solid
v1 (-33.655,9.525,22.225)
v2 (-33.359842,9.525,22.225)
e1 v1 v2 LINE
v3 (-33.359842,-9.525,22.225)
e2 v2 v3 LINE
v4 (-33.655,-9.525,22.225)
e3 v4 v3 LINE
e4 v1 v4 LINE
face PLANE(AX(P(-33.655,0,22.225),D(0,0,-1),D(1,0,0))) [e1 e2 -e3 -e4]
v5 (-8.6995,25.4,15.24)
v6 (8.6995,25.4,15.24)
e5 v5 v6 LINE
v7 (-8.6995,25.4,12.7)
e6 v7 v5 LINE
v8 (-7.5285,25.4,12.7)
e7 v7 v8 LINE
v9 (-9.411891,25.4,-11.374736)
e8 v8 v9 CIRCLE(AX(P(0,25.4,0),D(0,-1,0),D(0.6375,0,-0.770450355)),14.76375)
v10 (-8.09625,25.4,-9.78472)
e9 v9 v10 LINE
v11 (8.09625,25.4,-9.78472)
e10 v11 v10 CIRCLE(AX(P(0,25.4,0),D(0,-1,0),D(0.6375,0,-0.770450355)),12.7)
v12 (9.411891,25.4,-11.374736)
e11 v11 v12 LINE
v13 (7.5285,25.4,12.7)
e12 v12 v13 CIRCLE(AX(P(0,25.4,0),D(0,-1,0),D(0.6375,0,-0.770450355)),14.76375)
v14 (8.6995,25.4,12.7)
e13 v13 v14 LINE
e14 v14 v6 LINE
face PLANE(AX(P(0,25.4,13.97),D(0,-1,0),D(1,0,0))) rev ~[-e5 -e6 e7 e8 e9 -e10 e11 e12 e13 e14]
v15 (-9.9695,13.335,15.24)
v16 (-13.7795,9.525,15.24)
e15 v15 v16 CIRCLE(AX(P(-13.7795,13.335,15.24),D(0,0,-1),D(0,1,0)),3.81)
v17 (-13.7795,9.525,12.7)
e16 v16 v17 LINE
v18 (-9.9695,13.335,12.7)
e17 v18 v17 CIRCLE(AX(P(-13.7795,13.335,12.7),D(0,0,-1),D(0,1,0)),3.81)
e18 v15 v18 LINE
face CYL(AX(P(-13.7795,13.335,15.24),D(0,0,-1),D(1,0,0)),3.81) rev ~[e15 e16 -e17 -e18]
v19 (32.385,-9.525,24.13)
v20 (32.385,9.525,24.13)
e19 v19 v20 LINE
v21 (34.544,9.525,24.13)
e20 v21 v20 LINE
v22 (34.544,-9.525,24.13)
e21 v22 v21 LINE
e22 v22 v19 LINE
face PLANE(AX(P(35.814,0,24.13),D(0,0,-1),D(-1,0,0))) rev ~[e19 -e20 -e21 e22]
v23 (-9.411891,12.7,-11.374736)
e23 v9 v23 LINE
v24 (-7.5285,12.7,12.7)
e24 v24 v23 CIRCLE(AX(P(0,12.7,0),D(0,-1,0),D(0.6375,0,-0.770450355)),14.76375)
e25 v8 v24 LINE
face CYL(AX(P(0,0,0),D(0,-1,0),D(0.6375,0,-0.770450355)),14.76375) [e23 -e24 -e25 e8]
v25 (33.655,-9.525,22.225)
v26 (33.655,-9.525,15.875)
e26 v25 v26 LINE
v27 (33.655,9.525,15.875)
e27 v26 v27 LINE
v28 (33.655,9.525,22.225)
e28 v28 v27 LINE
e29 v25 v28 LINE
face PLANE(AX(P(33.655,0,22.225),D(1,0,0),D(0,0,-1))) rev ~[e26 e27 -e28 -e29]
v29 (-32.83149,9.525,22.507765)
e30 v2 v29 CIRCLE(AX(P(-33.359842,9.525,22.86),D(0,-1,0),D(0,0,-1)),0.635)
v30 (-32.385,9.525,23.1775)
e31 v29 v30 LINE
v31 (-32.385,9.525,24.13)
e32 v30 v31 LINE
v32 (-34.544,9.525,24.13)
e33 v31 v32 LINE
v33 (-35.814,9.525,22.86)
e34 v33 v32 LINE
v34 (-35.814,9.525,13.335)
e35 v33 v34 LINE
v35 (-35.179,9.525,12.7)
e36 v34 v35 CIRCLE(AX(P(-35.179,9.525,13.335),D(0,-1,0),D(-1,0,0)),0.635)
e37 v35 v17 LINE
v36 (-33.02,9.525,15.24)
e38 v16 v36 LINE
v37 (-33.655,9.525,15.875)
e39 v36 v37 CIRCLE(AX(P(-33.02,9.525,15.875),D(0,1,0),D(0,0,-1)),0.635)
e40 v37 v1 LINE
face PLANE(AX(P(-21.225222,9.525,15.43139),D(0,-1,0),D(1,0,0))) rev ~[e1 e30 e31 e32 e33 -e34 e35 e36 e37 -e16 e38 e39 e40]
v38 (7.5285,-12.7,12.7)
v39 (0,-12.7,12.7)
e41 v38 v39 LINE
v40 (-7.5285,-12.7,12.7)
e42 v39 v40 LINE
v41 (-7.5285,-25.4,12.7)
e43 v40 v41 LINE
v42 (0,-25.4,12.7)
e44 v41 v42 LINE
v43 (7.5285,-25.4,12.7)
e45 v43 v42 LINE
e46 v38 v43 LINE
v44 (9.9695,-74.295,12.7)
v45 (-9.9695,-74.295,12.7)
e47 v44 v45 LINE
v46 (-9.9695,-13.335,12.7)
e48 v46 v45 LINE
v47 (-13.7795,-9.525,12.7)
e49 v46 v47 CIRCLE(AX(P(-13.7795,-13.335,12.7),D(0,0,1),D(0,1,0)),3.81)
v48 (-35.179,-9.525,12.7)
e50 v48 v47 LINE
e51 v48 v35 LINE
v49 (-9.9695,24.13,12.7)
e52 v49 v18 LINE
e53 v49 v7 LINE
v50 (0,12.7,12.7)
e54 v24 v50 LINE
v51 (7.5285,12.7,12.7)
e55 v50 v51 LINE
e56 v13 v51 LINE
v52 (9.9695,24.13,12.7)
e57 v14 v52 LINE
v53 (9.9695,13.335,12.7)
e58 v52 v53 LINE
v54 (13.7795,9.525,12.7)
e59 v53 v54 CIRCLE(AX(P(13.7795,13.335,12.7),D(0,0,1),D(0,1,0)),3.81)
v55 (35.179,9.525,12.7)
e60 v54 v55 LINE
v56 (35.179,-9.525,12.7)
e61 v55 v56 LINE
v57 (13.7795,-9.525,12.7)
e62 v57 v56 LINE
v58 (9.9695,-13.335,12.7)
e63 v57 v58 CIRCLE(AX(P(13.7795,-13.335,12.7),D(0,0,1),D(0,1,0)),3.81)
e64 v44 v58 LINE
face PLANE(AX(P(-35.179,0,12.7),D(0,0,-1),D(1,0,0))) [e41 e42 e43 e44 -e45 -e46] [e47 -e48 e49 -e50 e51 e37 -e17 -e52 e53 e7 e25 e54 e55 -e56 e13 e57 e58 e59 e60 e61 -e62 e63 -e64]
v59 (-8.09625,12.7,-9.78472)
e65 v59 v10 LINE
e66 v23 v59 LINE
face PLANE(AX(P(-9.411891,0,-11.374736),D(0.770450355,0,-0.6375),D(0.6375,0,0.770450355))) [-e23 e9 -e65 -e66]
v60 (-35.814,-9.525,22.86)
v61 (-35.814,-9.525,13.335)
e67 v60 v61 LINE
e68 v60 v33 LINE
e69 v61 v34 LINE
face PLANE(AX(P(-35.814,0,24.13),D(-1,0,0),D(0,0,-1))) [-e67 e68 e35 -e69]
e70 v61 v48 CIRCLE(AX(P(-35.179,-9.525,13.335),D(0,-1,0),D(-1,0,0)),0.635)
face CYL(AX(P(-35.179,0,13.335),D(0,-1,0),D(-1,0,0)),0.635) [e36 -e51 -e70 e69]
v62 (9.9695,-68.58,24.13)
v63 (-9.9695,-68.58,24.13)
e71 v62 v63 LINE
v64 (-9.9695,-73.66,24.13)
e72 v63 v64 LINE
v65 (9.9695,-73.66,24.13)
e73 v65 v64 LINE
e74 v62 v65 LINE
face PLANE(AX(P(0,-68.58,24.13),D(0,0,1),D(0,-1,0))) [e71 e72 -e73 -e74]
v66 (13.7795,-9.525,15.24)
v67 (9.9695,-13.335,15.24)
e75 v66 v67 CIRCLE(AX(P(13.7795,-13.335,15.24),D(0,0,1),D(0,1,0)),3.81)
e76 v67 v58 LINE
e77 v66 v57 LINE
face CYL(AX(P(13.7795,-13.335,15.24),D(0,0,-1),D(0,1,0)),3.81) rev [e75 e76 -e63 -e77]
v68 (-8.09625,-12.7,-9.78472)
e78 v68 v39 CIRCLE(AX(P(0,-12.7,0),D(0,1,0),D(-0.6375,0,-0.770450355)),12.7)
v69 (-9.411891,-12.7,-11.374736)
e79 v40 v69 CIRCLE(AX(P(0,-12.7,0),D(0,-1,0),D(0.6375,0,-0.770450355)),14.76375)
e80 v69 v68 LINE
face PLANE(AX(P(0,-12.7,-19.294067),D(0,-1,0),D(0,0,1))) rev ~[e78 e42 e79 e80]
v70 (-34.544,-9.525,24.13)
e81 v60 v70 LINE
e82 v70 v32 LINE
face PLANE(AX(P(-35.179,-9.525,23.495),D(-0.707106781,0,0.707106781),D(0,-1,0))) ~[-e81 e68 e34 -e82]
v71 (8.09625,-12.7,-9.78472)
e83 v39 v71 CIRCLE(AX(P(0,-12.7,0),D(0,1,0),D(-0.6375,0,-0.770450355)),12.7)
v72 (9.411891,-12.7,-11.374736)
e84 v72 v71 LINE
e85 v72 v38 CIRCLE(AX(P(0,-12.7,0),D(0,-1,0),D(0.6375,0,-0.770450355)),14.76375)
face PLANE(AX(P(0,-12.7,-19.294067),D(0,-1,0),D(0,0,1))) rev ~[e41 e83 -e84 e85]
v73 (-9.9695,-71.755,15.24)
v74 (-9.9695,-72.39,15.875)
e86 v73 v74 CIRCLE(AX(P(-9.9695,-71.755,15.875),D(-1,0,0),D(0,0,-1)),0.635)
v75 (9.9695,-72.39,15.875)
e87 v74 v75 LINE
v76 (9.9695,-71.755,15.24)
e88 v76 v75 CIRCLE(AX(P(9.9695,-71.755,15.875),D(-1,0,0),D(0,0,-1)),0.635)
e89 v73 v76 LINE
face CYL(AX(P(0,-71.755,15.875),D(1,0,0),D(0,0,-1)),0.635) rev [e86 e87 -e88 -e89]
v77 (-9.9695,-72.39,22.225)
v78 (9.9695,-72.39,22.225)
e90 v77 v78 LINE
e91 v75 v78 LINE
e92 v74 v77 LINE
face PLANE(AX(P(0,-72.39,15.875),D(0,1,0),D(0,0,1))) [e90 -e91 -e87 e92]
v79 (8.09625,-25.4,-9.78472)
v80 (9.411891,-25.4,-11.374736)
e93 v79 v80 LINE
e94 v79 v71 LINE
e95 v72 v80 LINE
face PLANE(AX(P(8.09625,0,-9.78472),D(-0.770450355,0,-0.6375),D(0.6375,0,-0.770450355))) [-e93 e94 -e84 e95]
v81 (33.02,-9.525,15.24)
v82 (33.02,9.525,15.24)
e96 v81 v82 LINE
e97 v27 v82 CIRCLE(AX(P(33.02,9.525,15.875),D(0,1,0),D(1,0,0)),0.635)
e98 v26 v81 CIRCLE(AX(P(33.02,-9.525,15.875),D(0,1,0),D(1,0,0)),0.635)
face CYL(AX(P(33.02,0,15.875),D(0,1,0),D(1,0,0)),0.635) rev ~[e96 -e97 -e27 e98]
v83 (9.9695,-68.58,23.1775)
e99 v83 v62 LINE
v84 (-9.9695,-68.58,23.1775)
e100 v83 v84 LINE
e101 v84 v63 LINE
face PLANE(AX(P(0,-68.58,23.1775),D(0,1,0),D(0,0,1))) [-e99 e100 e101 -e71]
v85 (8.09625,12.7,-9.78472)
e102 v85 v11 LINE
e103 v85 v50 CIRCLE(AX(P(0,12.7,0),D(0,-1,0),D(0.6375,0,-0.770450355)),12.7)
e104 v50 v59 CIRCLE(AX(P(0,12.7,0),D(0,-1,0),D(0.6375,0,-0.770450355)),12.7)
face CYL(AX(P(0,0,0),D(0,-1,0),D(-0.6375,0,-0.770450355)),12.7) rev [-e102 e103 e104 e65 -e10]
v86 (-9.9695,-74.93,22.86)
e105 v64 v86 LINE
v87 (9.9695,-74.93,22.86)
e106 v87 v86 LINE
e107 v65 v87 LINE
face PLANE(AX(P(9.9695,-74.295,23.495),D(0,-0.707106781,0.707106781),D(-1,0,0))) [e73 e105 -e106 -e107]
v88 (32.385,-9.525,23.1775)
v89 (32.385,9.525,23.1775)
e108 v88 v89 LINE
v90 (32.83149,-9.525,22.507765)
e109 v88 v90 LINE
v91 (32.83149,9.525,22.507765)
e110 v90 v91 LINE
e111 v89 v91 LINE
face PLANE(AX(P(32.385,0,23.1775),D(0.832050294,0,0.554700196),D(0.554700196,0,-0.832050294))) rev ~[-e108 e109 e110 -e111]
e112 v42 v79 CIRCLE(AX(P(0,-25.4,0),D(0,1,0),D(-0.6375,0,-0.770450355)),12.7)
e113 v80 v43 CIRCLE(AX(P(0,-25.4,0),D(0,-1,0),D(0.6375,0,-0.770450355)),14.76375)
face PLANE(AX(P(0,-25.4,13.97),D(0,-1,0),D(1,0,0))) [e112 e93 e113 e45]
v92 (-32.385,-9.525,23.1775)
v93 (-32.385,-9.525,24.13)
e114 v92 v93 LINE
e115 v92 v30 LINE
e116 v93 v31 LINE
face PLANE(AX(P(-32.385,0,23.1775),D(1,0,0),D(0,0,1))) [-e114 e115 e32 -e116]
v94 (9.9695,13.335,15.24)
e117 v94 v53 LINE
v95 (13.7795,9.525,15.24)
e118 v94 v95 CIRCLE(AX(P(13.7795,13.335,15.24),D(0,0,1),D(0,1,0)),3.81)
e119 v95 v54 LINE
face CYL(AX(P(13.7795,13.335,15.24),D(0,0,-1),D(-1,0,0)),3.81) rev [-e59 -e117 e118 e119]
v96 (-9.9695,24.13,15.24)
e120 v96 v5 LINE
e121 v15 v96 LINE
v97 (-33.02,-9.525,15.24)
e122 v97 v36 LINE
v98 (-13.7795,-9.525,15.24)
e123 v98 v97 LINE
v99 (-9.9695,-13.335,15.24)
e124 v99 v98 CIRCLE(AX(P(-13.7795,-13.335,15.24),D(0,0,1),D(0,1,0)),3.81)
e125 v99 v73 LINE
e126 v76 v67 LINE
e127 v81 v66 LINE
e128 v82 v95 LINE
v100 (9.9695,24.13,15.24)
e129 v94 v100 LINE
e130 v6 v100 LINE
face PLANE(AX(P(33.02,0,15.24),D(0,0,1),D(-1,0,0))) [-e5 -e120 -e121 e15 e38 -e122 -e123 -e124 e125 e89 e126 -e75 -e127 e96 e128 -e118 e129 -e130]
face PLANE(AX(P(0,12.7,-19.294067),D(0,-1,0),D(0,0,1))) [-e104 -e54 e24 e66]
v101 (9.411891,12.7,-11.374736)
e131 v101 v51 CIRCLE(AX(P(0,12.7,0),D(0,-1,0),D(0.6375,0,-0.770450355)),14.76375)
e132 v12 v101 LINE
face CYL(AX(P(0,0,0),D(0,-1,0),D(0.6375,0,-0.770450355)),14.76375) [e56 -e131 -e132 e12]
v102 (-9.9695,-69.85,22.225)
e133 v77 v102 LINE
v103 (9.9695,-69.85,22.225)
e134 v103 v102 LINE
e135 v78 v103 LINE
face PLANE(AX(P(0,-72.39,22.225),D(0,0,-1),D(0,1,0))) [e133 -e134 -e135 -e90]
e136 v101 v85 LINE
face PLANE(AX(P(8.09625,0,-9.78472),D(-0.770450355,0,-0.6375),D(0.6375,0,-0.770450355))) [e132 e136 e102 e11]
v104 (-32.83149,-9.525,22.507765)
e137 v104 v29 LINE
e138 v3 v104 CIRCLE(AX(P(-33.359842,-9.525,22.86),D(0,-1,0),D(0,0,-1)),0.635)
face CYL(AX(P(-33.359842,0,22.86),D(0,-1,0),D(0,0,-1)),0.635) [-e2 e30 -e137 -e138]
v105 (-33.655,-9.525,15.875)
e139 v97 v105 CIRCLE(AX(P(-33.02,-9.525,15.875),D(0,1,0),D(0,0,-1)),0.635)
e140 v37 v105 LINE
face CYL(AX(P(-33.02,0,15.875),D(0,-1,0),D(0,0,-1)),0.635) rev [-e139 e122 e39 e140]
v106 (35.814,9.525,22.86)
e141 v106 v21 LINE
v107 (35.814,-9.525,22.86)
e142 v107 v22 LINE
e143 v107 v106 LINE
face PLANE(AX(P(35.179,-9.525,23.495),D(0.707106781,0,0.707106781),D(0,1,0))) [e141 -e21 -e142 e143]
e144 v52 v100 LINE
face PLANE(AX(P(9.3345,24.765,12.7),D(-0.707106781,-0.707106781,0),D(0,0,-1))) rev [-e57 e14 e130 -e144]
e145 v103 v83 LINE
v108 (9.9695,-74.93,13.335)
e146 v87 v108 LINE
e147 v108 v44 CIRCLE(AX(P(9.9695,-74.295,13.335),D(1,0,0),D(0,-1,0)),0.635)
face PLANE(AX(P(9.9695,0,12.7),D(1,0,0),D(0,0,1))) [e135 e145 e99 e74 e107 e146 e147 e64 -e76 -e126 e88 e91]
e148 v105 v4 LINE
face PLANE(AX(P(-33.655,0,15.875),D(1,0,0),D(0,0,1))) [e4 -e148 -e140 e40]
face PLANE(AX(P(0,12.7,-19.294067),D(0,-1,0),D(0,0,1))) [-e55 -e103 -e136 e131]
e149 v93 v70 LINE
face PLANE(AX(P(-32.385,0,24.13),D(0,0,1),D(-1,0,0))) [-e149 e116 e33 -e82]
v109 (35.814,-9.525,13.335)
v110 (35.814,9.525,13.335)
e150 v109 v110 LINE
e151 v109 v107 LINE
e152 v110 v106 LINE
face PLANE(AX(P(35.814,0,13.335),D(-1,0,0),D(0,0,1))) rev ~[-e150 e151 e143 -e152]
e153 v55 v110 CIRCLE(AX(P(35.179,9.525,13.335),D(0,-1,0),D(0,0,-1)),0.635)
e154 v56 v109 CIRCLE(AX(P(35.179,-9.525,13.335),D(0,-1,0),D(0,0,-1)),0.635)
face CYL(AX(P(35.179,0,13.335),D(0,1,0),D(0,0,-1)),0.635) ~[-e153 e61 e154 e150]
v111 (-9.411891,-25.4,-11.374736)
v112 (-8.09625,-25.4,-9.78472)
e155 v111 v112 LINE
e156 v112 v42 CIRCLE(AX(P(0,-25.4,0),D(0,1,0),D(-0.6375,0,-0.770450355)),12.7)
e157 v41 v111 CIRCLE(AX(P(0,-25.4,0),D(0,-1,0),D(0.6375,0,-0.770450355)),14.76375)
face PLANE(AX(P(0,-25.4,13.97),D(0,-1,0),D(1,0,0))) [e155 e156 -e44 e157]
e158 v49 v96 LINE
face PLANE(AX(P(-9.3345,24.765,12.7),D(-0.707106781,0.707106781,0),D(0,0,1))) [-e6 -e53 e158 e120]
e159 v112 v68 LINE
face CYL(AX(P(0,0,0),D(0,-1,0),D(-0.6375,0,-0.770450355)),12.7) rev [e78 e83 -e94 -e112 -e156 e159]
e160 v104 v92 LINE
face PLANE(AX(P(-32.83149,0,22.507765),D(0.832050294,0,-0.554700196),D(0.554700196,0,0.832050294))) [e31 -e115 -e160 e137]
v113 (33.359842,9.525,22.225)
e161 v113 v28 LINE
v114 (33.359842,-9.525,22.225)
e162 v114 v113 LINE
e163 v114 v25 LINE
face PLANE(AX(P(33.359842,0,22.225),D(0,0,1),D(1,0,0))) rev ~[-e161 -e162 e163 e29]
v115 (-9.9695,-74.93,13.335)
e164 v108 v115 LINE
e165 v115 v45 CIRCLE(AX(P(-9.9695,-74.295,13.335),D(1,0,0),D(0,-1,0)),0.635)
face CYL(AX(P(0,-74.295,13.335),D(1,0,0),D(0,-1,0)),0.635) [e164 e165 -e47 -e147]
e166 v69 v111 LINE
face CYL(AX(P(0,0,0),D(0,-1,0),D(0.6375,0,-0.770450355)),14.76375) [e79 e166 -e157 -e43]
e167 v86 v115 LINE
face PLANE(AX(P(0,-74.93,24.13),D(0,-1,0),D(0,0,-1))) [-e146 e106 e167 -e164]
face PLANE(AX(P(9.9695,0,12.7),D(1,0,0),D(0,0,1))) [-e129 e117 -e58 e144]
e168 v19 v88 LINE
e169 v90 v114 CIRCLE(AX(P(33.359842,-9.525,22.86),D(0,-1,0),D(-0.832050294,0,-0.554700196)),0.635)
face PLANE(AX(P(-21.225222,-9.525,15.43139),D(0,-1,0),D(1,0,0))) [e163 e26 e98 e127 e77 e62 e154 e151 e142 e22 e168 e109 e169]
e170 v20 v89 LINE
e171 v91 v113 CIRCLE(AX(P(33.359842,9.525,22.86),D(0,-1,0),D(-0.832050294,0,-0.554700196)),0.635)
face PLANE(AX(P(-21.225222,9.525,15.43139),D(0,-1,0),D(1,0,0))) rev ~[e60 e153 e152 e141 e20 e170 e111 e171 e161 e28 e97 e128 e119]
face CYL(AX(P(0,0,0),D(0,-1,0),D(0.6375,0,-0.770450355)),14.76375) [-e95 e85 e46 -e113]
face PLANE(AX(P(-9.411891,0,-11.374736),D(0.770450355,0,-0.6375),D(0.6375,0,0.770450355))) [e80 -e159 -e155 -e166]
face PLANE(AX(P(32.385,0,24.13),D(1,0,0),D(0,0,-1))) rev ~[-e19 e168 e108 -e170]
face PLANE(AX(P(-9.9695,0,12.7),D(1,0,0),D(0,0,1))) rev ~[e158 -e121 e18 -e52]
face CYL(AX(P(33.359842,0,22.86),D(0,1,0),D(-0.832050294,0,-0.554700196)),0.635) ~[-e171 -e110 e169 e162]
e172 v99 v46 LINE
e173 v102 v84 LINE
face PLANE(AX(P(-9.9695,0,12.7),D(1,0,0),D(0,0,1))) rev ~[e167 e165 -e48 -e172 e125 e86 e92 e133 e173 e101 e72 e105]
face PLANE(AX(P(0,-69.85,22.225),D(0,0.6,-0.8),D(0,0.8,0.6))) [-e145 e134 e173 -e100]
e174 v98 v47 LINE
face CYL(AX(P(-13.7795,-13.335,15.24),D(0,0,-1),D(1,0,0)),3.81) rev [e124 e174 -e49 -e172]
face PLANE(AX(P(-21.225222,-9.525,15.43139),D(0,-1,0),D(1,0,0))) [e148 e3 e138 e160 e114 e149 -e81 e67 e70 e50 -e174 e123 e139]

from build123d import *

# Parameters (mm, degrees)
F1_DEPTH       = 25.4
F1_DEPTH_BACK  = 25.4
F2_W           = 25.4
F2_H           = 40.9454388922
F3_DEPTH       = 25.4
F3_DEPTH_BACK  = 25.4
F4_W           = 19.939
F4_H           = 2.54
F5_DEPTH       = 25.4
F5_DEPTH_BACK  = 25.4
F7_DEPTH       = 9.525
F7_DEPTH_BACK  = 9.525
F8_R           = 3.81
F10_DEPTH      = 9.9695
F10_DEPTH_BACK = 9.9695
F11_SIZE       = 1.27
F12_SIZE       = 1.27


with BuildPart() as f1:
    # F0 (on Front) → F1 (new body, two sides)
    with BuildSketch(Plane.XZ) as f1_sk:
        with BuildLine():
            Line((8.09625, -9.7847195125), (9.411890625, -11.3747364332))
            ThreePointArc((9.411890625, -11.3747364332), (0, 14.76375), (-9.411890625, -11.3747364332))
            Line((-9.411890625, -11.3747364332), (-8.09625, -9.7847195125))
            ThreePointArc((-8.09625, -9.7847195125), (0, 12.7), (8.09625, -9.7847195125))
        make_face()
    extrude(amount=F1_DEPTH)
    extrude(f1_sk.sketch, amount=-F1_DEPTH_BACK)

    # F2 (on Right) → F3 (cut, two sides)
    with BuildSketch(Plane.YZ) as f3_sk:
        with Locations((0, 1.1786520481)):
            Rectangle(F2_W, F2_H)
    extrude(amount=-F3_DEPTH, mode=Mode.SUBTRACT)
    extrude(f3_sk.sketch, amount=F3_DEPTH_BACK, mode=Mode.SUBTRACT)

    # F4 (on Front) → F5 (join, two sides)
    with BuildSketch(Plane.XZ) as f5_sk:
        with Locations((0, 13.97)):
            Rectangle(F4_W, F4_H)
    extrude(amount=F5_DEPTH)
    extrude(f5_sk.sketch, amount=-F5_DEPTH_BACK)

    # F6 (on Front) → F7 (join, two sides)
    with BuildSketch(Plane.XZ) as f7_sk:
        with BuildLine():
            Line((-33.655, 12.7), (0, 12.7))
            Line((0, 12.7), (0, 15.24))
            Line((0, 15.24), (-33.02, 15.24))
            ThreePointArc((-33.02, 15.24), (-33.4690128061, 15.4259871939), (-33.655, 15.875))
            Line((-33.655, 15.875), (-33.655, 22.225))
            Line((-33.655, 22.225), (-33.3598416866, 22.225))
            ThreePointArc((-33.3598416866, 22.225), (-33.0602119039, 22.3001366298), (-32.8314897497, 22.5077653754))
            Line((-32.8314897497, 22.5077653754), (-32.385, 23.1775))
            Line((-32.385, 23.1775), (-32.385, 24.13))
            Line((-32.385, 24.13), (-35.814, 24.13))
            Line((-35.814, 24.13), (-35.814, 22.225))
            Line((-35.814, 22.225), (-35.814, 13.335))
            ThreePointArc((-35.814, 13.335), (-35.6280128061, 12.8859871939), (-35.179, 12.7))
            Line((-35.179, 12.7), (-33.655, 12.7))
        make_face()
        with BuildLine():
            Line((0, 15.24), (0, 12.7))
            Line((0, 12.7), (33.655, 12.7))
            Line((33.655, 12.7), (35.179, 12.7))
            ThreePointArc((35.179, 12.7), (35.6280128061, 12.8859871939), (35.814, 13.335))
            Line((35.814, 13.335), (35.814, 22.225))
            Line((35.814, 22.225), (35.814, 24.13))
            Line((35.814, 24.13), (32.385, 24.13))
            Line((32.385, 24.13), (32.385, 23.1775))
            Line((32.385, 23.1775), (32.8314897497, 22.5077653754))
            ThreePointArc((32.8314897497, 22.5077653754), (33.0602119039, 22.3001366298), (33.3598416866, 22.225))
            Line((33.3598416866, 22.225), (33.655, 22.225))
            Line((33.655, 22.225), (33.655, 15.875))
            ThreePointArc((33.655, 15.875), (33.4690128061, 15.4259871939), (33.02, 15.24))
            Line((33.02, 15.24), (0, 15.24))
        make_face()
    extrude(amount=F7_DEPTH)
    extrude(f7_sk.sketch, amount=-F7_DEPTH_BACK)

    # F8
    f8_edges = [f1.edges().sort_by_distance(p)[0] for p in [
        (-9.9695, 9.525, 13.97),
        (9.9695, 9.525, 13.97),
        (9.9695, -9.525, 13.97),
        (-9.9695, -9.525, 13.97),
    ]]
    fillet(f8_edges, radius=F8_R)

    # F9 (on Right) → F10 (join, two sides)
    with BuildSketch(Plane.YZ) as f10_sk:
        with BuildLine():
            Line((-72.39, 12.7), (0, 12.7))
            Line((0, 12.7), (0, 15.24))
            Line((0, 15.24), (-71.755, 15.24))
            ThreePointArc((-71.755, 15.24), (-72.2040128061, 15.4259871939), (-72.39, 15.875))
            Line((-72.39, 15.875), (-72.39, 22.225))
            Line((-72.39, 22.225), (-69.85, 22.225))
            Line((-69.85, 22.225), (-68.58, 23.1775))
            Line((-68.58, 23.1775), (-68.58, 24.13))
            Line((-68.58, 24.13), (-72.39, 24.13))
            Line((-72.39, 24.13), (-74.93, 24.13))
            Line((-74.93, 24.13), (-74.93, 13.335))
            ThreePointArc((-74.93, 13.335), (-74.7440128061, 12.8859871939), (-74.295, 12.7))
            Line((-74.295, 12.7), (-72.39, 12.7))
        make_face()
    extrude(amount=F10_DEPTH)
    extrude(f10_sk.sketch, amount=-F10_DEPTH_BACK)

    # F11
    f11_edges = [f1.edges().sort_by_distance(p)[0] for p in [
        (-9.9695, 25.4, 13.97),
        (9.9695, 25.4, 13.97),
    ]]
    chamfer(f11_edges, length=F11_SIZE)

    # F12
    f12_edges = [f1.edges().sort_by_distance(p)[0] for p in [
        (0, -74.93, 24.13),
        (-35.814, 0, 24.13),
        (35.814, 0, 24.13),
    ]]
    chamfer(f12_edges, length=F12_SIZE)


solid = f1.part
